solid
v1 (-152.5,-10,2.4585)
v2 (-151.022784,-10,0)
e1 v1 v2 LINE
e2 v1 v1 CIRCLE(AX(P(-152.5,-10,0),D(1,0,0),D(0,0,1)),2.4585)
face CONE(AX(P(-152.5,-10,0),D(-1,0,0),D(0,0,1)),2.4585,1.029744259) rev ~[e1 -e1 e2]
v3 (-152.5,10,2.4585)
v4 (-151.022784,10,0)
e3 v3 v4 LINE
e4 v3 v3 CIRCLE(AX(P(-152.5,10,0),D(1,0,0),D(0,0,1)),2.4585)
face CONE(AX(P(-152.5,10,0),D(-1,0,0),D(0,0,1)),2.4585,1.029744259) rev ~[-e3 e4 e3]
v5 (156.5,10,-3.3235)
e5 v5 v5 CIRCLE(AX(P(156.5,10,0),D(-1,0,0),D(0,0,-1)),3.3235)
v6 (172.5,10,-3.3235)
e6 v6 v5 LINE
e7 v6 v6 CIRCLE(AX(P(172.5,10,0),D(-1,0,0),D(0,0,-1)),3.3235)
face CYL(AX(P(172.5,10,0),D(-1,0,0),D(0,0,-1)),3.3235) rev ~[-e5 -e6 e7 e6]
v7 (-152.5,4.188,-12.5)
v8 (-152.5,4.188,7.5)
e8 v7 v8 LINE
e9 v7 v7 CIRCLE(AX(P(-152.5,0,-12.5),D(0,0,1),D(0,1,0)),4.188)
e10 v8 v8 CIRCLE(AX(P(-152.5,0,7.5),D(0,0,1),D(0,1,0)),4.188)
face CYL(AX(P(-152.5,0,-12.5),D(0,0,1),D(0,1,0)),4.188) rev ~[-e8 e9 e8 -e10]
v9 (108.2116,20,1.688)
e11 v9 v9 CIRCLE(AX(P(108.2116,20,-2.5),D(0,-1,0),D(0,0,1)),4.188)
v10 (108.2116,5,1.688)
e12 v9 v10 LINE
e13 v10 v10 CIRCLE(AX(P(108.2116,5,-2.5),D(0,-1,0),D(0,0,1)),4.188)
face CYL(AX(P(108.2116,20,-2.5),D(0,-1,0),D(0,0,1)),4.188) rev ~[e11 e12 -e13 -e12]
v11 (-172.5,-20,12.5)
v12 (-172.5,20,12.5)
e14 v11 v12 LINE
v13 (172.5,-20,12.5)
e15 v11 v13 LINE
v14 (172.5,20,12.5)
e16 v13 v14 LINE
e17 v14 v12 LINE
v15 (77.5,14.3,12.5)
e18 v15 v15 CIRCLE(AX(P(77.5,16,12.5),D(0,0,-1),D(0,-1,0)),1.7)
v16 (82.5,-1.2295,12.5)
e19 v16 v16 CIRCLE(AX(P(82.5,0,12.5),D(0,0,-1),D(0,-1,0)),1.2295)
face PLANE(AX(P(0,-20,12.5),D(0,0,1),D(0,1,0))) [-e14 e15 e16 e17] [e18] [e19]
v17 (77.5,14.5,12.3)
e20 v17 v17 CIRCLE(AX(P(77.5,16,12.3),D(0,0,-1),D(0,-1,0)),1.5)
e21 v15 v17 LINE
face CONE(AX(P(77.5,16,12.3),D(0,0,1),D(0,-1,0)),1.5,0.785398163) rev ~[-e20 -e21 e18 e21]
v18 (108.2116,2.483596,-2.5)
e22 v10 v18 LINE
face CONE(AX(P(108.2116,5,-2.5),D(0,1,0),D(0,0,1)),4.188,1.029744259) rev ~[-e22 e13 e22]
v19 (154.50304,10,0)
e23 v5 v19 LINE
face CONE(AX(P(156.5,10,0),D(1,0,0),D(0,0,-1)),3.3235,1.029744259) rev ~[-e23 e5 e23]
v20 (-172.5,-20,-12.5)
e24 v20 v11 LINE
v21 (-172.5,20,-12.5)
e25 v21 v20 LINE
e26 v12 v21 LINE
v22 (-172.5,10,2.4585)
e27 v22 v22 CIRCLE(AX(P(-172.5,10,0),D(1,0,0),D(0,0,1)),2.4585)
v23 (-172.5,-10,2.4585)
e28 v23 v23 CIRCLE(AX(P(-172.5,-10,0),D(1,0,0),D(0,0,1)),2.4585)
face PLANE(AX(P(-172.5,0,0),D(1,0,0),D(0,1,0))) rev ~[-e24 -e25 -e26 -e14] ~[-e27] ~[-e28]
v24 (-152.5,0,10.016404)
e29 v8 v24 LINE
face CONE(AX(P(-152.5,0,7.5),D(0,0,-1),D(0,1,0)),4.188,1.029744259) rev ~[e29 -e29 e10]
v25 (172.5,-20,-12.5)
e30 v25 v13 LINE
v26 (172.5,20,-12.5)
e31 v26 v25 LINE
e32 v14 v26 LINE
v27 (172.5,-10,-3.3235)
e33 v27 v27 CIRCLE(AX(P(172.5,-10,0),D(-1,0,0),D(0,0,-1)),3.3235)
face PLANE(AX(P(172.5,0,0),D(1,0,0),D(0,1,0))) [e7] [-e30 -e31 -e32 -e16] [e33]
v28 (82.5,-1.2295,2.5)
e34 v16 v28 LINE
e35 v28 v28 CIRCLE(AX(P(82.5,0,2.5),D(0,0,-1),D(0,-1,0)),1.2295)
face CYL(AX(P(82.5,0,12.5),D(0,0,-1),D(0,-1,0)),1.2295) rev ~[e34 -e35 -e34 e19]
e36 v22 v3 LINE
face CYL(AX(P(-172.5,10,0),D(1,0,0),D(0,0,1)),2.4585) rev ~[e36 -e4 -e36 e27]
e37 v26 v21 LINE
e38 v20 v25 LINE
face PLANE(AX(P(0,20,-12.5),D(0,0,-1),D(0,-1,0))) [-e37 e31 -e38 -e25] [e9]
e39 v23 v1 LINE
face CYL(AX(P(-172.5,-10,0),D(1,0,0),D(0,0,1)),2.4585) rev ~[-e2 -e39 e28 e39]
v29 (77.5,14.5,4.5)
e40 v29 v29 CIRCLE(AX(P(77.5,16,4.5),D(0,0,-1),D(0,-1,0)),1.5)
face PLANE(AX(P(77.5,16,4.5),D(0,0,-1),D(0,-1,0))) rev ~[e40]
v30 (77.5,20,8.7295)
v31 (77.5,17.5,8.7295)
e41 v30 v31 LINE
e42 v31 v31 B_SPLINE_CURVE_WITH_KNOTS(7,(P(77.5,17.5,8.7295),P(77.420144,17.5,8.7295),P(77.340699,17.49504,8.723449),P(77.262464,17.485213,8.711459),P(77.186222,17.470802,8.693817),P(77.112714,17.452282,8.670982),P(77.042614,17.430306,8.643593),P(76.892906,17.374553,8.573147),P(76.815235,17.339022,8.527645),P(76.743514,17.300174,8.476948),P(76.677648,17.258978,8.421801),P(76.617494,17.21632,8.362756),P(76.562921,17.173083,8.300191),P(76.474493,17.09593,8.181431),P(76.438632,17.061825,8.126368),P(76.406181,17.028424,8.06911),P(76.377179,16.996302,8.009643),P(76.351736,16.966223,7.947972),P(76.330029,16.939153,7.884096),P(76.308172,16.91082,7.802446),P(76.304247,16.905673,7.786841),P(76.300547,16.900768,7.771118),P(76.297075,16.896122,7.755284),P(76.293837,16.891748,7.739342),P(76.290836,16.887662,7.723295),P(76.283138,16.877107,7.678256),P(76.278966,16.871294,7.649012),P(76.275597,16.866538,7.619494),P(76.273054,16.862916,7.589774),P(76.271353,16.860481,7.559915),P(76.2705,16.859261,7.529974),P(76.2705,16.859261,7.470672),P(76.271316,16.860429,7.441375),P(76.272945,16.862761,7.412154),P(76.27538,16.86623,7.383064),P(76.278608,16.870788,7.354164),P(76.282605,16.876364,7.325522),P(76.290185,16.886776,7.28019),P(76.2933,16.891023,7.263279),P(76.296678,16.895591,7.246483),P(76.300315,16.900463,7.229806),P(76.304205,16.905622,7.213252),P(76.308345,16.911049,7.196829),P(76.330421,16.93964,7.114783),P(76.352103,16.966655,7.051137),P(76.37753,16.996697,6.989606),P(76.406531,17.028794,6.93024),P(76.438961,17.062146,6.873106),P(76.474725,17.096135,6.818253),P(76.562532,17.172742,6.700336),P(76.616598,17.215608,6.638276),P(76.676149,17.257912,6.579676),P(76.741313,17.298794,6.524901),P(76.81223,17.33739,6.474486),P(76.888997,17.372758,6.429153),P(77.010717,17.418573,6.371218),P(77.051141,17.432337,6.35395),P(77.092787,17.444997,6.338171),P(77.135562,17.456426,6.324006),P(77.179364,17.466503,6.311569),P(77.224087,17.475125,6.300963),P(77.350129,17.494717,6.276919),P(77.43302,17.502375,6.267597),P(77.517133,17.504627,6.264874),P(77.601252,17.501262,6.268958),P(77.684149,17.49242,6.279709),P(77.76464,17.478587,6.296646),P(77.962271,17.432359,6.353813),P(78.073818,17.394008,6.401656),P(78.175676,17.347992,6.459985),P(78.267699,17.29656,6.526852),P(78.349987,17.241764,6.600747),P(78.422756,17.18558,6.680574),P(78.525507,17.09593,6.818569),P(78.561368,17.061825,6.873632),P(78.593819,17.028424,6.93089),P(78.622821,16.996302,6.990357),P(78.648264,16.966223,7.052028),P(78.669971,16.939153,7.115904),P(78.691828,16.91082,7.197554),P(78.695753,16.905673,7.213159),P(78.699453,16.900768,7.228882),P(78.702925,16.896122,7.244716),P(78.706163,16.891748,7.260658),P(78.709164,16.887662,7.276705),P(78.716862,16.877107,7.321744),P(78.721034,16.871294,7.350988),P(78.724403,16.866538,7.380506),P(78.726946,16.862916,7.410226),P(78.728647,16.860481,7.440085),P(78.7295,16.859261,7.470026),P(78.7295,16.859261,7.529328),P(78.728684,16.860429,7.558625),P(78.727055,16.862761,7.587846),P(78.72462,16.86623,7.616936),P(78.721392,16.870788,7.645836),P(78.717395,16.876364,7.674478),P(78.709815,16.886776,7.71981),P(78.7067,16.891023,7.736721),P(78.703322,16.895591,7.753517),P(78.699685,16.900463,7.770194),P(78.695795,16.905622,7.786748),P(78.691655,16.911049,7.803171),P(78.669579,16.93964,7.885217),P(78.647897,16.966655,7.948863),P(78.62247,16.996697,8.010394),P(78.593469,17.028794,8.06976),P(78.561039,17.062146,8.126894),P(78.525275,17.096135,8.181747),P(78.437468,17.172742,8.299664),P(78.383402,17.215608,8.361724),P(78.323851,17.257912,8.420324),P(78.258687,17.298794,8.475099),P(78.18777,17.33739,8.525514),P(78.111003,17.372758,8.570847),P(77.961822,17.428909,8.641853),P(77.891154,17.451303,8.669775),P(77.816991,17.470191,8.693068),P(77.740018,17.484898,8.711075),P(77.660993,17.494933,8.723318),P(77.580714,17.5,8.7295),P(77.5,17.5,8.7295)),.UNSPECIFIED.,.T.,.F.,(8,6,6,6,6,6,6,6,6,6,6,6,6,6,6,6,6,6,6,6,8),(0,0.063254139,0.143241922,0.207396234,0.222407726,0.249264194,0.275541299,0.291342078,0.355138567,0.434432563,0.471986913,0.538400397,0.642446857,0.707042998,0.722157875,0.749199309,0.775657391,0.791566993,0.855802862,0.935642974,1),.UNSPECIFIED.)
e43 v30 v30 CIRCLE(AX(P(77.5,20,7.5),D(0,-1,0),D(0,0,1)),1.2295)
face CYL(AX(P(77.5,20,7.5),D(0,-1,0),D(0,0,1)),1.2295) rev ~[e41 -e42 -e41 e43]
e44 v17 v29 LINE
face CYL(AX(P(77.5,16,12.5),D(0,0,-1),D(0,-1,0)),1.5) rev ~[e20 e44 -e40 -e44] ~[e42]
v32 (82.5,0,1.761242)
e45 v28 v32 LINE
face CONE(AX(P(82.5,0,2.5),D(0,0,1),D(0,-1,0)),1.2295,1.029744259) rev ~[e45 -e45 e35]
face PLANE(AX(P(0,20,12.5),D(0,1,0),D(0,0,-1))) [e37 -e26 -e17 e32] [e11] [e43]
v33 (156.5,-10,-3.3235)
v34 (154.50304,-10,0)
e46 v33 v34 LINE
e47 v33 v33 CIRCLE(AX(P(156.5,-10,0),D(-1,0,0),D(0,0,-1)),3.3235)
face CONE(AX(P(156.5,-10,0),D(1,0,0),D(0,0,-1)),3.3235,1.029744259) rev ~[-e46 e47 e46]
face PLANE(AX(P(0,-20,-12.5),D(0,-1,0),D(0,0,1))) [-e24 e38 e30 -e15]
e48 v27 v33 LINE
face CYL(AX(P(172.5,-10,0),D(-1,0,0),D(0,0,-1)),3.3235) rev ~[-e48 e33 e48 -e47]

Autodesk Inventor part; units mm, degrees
ref_plane "YZ Plane" through (0, 0, 0) normal (1, 0, 0) x (0, 1, 0)
ref_plane "XZ Plane" through (0, 0, 0) normal (0, 1, 0) x (-1, 0, 0)
ref_plane "XY Plane" through (0, 0, 0) normal (0, 0, 1) x (1, 0, 0)
sketch "Sketch1" plane through (0, 0, 0) normal (1, 0, 0) x (0, 1, 0)
  line L0 (-20, 12.5) -> (20, 12.5)
  line L1 (20, 12.5) -> (20, -12.5)
  line L2 (20, -12.5) -> (-20, -12.5)
  line L3 (-20, -12.5) -> (-20, 12.5)
  line L4 (-20, 12.5) -> (20, -12.5) construction
  line L5 (20, 12.5) -> (-20, -12.5) construction
  point P0 (0, 0)
  dimension "Width" = 40
  dimension "Thickness" = 25
extrude "Extrusion1" add sketch "Sketch1" along normal mid plane 345
sketch "Sketch2" plane through (-172.5, 0, 0) normal (-1, 0, 0) x (0, 0, 1)
  point P0 (0, 0)
  point P1 (0, 10)
  point P2 (0, -10)
  dimension "d4" = 20
  dimension "d5" = 10
hole "Hole1" at (-172.5, 10, 0) at (-172.5, -10, 0) direction (1, 0, 0) diameter 4.917 depth 20 tip angle 118 thread size "M6x1" class "6H" standard "ISO Metric profile"
sketch "Sketch3" plane through (-172.5, 20, 12.5) normal (0, 1, 0) x (1, 0, 0)
  line L0 (345, 25) -> (345, 0) projected
  line L1 (0, 25) -> (345, 25) projected
  point P0 (172.5, 12.5)
  point P1 (280.7116, 15)
  dimension "d13" = 64.2884
  dimension "d14" = 10
hole "Hole2" at (108.2116, 20, -2.5) direction (0, -1, 0) diameter 8.376 depth 15 tip angle 118 thread size "M10x1.5" class "6H" standard "ISO Metric profile"
sketch "Sketch4" plane through (172.5, 20, -12.5) normal (0, 0, -1) x (-1, 0, 0)
  line L0 (345, 0) -> (345, -40) projected
  line L1 (0, -40) -> (345, -40) projected
  point P0 (172.5, -20)
  point P1 (325, -20)
  dimension "d22" = 20
  dimension "d23" = 20
hole "Hole3" at (-152.5, 0, -12.5) direction (0, 0, 1) diameter 8.376 depth 20 tip angle 118 thread size "M10x1.5" class "6H" standard "ISO Metric profile"
sketch "Sketch5" plane through (172.5, 0, 0) normal (1, 0, 0) x (0, 0, -1)
  circle A0 centre (0, 10) radius 2.4585 projected
  circle A1 centre (0, -10) radius 2.4585 projected
  point P0 (0, 0)
hole "Hole4" at (172.5, 10, 0) at (172.5, -10, 0) direction (-1, 0, 0) diameter 6.647 depth 16 tip angle 118 thread size "M8x1.25" class "6H" standard "ISO Metric profile"
sketch "Sketch6" plane through (-172.5, -20, 12.5) normal (0, 0, 1) x (1, 0, 0)
  line L0 (345, 40) -> (345, 0) projected
  point P0 (172.5, 20)
  point P1 (255, 20)
  dimension "d38" = 90
hole "Hole5" at (82.5, 0, 12.5) direction (0, 0, -1) diameter 2.459 depth 10 tip angle 118 thread size "M3x0.5" class "6H" standard "ISO Metric profile"
sketch "Sketch7" plane through (-172.5, -20, 12.5) normal (0, 0, 1) x (1, 0, 0)
  line L0 (345, 40) -> (345, 0) projected
  line L1 (0, 40) -> (345, 40) projected
  point P0 (172.5, 20)
  point P1 (250, 36)
  dimension "d46" = 95
  dimension "d47" = 4
hole "Hole6" at (77.5, 16, 12.5) direction (0, 0, -1) diameter 3 depth 8
sketch "Sketch9" plane through (-172.5, -20, 12.5) normal (0, 0, 1) x (1, 0, 0)
  line L0 (251.5, 34.5) -> (248.5, 34.5)
  line L1 (248.5, 34.5) -> (248.5, 37.5)
  line L2 (248.5, 37.5) -> (251.5, 37.5)
  line L3 (251.5, 37.5) -> (251.5, 34.5)
  line L4 (251.5, 34.5) -> (248.5, 37.5) construction
  line L5 (248.5, 34.5) -> (251.5, 37.5) construction
  line L6 (0, 40) -> (345, 40) projected
  line L7 (345, 40) -> (345, 0) projected
  point P0 (250, 36)
  dimension "d67" = 4
  dimension "d68" = 95
  dimension "d69" = 3
extrude "Extrusion2" [suppressed]
sketch "Sketch8" plane through (-172.5, 20, 12.5) normal (0, 1, 0) x (1, 0, 0)
  line L0 (345, 25) -> (345, 0) projected
  line L1 (0, 0) -> (345, 0) projected
  point P0 (172.5, 12.5)
  point P1 (250, 5)
  dimension "d55" = 95
  dimension "d56" = 5
hole "Hole7" at (77.5, 20, 7.5) direction (0, -1, 0) diameter 2.459 depth 4 tip angle 118 thread size "M3x0.5" class "6H" standard "ISO Metric profile"
chamfer "Chamfer1" [suppressed]
chamfer "Chamfer2" distance 0.2 angle 45 1 edges at (77.5, 17.5, 12.5)
equation "\"d5\" = 0.5 * d4"
equation "\"d67\" = d47"
equation "\"d68\" = d46"
equation "\"d55\" = d46"
properties part number "Main Piller" material "Brass, Soft Yellow"
